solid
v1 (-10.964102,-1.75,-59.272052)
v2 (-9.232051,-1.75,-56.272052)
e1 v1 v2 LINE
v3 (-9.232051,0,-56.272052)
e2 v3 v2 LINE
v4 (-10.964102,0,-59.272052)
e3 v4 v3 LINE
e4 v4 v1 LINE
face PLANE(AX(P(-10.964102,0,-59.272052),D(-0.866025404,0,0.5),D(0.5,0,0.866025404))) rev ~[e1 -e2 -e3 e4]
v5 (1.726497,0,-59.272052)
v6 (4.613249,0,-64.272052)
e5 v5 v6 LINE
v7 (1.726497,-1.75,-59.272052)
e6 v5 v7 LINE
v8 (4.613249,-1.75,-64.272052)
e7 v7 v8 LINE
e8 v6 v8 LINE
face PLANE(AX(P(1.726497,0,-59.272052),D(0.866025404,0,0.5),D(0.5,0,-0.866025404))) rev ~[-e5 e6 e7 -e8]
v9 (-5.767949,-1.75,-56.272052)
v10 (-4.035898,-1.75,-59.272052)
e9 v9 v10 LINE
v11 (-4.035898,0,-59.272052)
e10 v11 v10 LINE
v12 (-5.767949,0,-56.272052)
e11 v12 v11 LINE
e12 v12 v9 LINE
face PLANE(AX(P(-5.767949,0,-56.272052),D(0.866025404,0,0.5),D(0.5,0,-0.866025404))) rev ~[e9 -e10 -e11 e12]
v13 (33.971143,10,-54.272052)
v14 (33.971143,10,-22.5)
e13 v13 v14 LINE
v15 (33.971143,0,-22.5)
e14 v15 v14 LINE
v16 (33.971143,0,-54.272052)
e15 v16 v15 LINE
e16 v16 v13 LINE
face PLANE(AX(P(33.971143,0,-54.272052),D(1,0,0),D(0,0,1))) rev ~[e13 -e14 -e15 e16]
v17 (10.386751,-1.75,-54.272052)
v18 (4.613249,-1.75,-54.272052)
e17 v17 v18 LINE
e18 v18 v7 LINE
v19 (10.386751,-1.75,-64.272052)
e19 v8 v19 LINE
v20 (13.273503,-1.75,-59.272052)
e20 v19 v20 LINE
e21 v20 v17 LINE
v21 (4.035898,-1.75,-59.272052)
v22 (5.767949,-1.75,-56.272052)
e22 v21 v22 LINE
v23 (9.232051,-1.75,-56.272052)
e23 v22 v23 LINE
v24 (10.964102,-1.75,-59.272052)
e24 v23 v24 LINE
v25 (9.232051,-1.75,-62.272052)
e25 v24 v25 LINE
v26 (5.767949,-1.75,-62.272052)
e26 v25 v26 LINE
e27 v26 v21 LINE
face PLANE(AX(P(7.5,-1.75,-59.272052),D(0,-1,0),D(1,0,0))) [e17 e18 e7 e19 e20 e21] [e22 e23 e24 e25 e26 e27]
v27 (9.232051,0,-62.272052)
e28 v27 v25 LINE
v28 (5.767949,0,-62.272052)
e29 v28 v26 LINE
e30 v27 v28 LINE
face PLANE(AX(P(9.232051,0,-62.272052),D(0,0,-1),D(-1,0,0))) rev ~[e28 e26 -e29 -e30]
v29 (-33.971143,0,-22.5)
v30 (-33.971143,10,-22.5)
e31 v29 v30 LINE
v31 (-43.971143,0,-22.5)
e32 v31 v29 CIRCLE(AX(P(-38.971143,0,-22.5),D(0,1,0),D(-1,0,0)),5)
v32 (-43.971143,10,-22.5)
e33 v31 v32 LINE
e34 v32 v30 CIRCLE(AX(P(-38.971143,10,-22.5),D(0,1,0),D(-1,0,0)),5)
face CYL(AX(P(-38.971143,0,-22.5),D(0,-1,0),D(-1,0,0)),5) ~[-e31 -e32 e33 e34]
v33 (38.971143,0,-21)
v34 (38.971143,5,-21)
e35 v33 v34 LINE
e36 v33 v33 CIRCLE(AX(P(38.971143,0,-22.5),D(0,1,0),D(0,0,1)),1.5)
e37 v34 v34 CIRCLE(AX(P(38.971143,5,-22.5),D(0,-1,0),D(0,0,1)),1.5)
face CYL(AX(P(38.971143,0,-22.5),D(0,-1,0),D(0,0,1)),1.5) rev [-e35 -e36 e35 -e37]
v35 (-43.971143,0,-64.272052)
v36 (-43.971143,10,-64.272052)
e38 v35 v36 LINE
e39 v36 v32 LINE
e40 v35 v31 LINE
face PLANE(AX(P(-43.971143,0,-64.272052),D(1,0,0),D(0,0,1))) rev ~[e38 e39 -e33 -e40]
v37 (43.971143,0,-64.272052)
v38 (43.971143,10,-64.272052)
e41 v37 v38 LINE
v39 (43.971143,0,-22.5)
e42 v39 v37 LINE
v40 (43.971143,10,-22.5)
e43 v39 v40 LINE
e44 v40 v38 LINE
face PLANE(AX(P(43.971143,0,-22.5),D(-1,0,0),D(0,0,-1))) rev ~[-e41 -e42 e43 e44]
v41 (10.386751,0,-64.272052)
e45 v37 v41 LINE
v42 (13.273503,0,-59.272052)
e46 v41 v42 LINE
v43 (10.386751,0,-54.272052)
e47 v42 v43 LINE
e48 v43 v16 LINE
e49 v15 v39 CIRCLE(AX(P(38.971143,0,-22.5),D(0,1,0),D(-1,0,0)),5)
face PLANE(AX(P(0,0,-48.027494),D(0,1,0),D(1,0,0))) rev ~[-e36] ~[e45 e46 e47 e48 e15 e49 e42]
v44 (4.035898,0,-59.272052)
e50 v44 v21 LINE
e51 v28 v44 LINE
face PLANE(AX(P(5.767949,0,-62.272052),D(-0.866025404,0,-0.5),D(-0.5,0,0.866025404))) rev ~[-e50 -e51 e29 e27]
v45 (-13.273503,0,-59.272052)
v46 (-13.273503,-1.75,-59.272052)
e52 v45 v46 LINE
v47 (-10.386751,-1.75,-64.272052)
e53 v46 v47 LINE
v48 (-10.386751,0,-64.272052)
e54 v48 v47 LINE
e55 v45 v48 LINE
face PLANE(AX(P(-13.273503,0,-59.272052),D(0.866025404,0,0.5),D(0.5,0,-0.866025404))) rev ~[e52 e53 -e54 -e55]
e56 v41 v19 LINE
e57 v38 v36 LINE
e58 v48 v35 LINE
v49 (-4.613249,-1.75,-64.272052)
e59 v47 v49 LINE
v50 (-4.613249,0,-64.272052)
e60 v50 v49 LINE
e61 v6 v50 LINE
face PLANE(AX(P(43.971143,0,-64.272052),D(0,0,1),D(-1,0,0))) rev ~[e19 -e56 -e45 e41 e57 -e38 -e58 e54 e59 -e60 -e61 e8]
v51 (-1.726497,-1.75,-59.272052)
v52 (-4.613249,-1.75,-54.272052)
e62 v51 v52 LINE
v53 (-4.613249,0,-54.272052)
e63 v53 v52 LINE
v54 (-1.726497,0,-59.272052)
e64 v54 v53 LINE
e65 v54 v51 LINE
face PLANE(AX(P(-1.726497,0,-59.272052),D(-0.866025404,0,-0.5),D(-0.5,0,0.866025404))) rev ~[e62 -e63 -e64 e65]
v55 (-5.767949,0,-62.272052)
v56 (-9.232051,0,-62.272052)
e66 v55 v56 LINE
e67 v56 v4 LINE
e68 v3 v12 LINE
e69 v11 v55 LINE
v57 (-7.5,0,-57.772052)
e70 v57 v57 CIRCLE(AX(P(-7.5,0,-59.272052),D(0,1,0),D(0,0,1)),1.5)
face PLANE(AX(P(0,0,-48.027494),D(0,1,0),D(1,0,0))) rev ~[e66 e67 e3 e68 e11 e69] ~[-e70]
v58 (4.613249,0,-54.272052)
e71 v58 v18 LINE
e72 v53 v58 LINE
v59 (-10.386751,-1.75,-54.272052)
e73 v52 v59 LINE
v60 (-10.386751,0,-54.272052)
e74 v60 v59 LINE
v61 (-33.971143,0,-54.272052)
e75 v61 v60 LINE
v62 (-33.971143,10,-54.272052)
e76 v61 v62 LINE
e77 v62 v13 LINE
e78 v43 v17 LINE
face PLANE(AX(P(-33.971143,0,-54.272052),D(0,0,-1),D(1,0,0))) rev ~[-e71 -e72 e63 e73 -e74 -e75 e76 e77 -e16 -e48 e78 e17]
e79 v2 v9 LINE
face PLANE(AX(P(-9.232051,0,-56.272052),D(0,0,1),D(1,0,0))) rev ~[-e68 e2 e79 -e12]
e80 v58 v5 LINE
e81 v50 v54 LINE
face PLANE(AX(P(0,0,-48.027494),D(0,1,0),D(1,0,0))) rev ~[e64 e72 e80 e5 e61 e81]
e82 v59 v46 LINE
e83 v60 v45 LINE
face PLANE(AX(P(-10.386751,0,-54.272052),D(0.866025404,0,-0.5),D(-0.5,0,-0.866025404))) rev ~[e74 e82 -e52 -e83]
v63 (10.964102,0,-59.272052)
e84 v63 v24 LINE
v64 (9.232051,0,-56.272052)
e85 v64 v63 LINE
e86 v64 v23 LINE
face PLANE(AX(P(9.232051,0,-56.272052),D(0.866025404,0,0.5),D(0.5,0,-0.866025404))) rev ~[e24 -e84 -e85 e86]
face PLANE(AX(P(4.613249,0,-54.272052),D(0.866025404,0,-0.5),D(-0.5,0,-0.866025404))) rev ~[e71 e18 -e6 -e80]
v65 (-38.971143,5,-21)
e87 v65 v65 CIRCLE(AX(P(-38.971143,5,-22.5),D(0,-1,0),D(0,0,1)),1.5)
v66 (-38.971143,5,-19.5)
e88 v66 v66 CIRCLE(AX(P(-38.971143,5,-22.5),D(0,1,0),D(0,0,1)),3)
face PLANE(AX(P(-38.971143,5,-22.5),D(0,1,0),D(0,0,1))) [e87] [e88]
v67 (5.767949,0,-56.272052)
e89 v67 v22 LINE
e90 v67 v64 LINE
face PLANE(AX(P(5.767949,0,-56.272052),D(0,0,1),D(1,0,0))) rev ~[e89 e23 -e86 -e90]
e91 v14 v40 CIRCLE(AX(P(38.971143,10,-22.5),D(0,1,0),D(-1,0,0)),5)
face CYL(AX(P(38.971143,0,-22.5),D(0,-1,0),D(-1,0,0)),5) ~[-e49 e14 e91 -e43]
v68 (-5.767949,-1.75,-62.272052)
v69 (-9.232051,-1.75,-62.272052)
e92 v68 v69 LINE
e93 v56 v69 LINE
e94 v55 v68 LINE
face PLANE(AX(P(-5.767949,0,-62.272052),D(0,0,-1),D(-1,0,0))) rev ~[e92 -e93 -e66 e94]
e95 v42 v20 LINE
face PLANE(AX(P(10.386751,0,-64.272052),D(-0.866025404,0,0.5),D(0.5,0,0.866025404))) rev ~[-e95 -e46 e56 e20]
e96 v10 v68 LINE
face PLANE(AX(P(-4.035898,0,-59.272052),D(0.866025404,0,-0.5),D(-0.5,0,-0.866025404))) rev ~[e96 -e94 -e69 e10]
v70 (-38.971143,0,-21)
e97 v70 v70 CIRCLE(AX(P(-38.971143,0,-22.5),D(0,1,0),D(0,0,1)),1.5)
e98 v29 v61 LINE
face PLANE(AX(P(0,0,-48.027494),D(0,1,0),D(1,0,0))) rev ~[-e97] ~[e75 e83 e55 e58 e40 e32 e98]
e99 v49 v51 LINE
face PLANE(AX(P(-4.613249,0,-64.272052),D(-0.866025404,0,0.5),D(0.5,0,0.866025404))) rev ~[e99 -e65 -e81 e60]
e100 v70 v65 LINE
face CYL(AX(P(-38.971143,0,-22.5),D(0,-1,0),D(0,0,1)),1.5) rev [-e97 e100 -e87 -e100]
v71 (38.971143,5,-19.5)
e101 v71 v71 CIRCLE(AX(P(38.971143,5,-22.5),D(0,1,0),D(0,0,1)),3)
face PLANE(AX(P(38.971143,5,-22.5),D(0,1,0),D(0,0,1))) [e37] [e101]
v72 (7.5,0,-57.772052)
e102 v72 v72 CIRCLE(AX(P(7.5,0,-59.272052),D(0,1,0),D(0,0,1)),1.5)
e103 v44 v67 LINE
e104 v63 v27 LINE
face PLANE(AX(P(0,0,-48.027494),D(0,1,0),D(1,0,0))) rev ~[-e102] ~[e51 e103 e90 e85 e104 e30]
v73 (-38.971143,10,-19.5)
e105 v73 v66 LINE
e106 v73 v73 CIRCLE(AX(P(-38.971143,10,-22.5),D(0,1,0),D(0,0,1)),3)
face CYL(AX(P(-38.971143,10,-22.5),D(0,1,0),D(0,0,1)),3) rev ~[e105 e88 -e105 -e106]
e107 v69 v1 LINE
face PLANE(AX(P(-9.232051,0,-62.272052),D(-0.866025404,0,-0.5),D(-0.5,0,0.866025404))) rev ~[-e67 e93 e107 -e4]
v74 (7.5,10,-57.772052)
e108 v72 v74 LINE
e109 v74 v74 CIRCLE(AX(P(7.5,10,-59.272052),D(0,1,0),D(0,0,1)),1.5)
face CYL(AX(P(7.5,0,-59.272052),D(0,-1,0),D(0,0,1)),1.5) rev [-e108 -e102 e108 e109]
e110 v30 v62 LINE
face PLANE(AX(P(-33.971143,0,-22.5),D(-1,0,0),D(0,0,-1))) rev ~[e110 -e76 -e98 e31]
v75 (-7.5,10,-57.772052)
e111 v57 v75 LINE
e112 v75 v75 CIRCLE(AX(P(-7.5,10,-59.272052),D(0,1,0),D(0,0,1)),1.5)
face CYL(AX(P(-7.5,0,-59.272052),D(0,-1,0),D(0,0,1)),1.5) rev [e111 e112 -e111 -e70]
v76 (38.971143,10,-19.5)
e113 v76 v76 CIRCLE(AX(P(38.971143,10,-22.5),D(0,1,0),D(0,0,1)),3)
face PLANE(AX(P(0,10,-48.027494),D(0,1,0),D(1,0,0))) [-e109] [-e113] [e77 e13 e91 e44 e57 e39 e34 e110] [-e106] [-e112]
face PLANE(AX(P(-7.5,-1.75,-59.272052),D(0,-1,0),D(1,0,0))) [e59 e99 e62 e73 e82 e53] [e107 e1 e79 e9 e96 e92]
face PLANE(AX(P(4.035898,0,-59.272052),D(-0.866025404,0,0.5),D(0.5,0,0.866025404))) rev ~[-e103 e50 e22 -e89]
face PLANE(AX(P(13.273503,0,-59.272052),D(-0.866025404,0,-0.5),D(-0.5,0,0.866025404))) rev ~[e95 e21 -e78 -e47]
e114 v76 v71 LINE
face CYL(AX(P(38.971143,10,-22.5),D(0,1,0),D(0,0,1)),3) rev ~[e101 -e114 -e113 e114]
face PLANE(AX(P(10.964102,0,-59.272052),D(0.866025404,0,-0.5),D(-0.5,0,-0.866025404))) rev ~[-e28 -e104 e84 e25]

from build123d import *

# Parameters (mm, degrees)
SKETCH1_R           = 1.5
BOSS_EXTRUDE1_DEPTH = 10
BOSS_EXTRUDE2_DEPTH = 1.75
SKETCH3_R           = 3
CUT_EXTRUDE1_DEPTH  = 5


with BuildPart() as part:
    # Sketch1 → Boss-Extrude1 (new body)
    with BuildSketch(Plane(origin=(0, 0, 0), x_dir=(1, 0, 0), z_dir=(0, 1, 0))):
        with BuildLine():
            ThreePointArc((-43.97114317, 22.5), (-38.97114317, 17.5), (-33.97114317, 22.5))
            Line((-33.97114317, 22.5), (-33.97114317, 54.272052467))
            Line((-33.97114317, 54.272052467), (33.97114317, 54.272052467))
            Line((33.97114317, 54.272052467), (33.97114317, 22.5))
            ThreePointArc((33.97114317, 22.5), (38.97114317, 17.5), (43.97114317, 22.5))
            Line((43.97114317, 22.5), (43.97114317, 64.272052467))
            Line((43.97114317, 64.272052467), (-43.97114317, 64.272052467))
            Line((-43.97114317, 64.272052467), (-43.97114317, 22.5))
        make_face()
        with Locations(Location((-38.97114317, 22.5, 0), (0, 0, 270))):
            Circle(SKETCH1_R, mode=Mode.SUBTRACT)
        with Locations(Location((38.97114317, 22.5, 0), (0, 0, 270))):
            Circle(SKETCH1_R, mode=Mode.SUBTRACT)
        with Locations(Location((7.5, 59.272052467, 0), (0, 0, 270))):
            Circle(SKETCH1_R, mode=Mode.SUBTRACT)
        with Locations(Location((-7.5, 59.272052467, 0), (0, 0, 270))):
            Circle(SKETCH1_R, mode=Mode.SUBTRACT)
    extrude(amount=BOSS_EXTRUDE1_DEPTH)

    # Sketch2 → Boss-Extrude2 (add)
    # profile 1 of 2: a face of its own
    with BuildSketch(Plane.XZ):
        Polygon((-1.726497308, -59.272052467), (-4.613248654, -54.272052467), (-10.386751346, -54.272052467), (-13.273502692, -59.272052467), (-10.386751346, -64.272052467), (-4.613248654, -64.272052467), align=None)
        Polygon((-9.232050808, -56.272052467), (-5.767949192, -56.272052467), (-4.035898385, -59.272052467), (-5.767949192, -62.272052467), (-9.232050808, -62.272052467), (-10.964101615, -59.272052467), align=None, mode=Mode.SUBTRACT)
    # profile 2 of 2: a face of its own
    with BuildSketch(Plane.XZ):
        Polygon((10.386751346, -54.272052467), (4.613248654, -54.272052467), (1.726497308, -59.272052467), (4.613248654, -64.272052467), (10.386751346, -64.272052467), (13.273502692, -59.272052467), align=None)
        Polygon((5.767949192, -56.272052467), (9.232050808, -56.272052467), (10.964101615, -59.272052467), (9.232050808, -62.272052467), (5.767949192, -62.272052467), (4.035898385, -59.272052467), align=None, mode=Mode.SUBTRACT)
    extrude(amount=BOSS_EXTRUDE2_DEPTH)

    # Sketch3 → Cut-Extrude1 (cut)
    with BuildSketch(Plane(origin=(0, 10, 0), x_dir=(1, 0, 0), z_dir=(0, 1, 0))):
        with Locations(Location((-38.97114317, 22.5, 0), (0, 0, 270))):
            Circle(SKETCH3_R)
        with Locations(Location((38.97114317, 22.5, 0), (0, 0, 270))):
            Circle(SKETCH3_R)
    extrude(amount=-CUT_EXTRUDE1_DEPTH, mode=Mode.SUBTRACT)


solid = part.part
